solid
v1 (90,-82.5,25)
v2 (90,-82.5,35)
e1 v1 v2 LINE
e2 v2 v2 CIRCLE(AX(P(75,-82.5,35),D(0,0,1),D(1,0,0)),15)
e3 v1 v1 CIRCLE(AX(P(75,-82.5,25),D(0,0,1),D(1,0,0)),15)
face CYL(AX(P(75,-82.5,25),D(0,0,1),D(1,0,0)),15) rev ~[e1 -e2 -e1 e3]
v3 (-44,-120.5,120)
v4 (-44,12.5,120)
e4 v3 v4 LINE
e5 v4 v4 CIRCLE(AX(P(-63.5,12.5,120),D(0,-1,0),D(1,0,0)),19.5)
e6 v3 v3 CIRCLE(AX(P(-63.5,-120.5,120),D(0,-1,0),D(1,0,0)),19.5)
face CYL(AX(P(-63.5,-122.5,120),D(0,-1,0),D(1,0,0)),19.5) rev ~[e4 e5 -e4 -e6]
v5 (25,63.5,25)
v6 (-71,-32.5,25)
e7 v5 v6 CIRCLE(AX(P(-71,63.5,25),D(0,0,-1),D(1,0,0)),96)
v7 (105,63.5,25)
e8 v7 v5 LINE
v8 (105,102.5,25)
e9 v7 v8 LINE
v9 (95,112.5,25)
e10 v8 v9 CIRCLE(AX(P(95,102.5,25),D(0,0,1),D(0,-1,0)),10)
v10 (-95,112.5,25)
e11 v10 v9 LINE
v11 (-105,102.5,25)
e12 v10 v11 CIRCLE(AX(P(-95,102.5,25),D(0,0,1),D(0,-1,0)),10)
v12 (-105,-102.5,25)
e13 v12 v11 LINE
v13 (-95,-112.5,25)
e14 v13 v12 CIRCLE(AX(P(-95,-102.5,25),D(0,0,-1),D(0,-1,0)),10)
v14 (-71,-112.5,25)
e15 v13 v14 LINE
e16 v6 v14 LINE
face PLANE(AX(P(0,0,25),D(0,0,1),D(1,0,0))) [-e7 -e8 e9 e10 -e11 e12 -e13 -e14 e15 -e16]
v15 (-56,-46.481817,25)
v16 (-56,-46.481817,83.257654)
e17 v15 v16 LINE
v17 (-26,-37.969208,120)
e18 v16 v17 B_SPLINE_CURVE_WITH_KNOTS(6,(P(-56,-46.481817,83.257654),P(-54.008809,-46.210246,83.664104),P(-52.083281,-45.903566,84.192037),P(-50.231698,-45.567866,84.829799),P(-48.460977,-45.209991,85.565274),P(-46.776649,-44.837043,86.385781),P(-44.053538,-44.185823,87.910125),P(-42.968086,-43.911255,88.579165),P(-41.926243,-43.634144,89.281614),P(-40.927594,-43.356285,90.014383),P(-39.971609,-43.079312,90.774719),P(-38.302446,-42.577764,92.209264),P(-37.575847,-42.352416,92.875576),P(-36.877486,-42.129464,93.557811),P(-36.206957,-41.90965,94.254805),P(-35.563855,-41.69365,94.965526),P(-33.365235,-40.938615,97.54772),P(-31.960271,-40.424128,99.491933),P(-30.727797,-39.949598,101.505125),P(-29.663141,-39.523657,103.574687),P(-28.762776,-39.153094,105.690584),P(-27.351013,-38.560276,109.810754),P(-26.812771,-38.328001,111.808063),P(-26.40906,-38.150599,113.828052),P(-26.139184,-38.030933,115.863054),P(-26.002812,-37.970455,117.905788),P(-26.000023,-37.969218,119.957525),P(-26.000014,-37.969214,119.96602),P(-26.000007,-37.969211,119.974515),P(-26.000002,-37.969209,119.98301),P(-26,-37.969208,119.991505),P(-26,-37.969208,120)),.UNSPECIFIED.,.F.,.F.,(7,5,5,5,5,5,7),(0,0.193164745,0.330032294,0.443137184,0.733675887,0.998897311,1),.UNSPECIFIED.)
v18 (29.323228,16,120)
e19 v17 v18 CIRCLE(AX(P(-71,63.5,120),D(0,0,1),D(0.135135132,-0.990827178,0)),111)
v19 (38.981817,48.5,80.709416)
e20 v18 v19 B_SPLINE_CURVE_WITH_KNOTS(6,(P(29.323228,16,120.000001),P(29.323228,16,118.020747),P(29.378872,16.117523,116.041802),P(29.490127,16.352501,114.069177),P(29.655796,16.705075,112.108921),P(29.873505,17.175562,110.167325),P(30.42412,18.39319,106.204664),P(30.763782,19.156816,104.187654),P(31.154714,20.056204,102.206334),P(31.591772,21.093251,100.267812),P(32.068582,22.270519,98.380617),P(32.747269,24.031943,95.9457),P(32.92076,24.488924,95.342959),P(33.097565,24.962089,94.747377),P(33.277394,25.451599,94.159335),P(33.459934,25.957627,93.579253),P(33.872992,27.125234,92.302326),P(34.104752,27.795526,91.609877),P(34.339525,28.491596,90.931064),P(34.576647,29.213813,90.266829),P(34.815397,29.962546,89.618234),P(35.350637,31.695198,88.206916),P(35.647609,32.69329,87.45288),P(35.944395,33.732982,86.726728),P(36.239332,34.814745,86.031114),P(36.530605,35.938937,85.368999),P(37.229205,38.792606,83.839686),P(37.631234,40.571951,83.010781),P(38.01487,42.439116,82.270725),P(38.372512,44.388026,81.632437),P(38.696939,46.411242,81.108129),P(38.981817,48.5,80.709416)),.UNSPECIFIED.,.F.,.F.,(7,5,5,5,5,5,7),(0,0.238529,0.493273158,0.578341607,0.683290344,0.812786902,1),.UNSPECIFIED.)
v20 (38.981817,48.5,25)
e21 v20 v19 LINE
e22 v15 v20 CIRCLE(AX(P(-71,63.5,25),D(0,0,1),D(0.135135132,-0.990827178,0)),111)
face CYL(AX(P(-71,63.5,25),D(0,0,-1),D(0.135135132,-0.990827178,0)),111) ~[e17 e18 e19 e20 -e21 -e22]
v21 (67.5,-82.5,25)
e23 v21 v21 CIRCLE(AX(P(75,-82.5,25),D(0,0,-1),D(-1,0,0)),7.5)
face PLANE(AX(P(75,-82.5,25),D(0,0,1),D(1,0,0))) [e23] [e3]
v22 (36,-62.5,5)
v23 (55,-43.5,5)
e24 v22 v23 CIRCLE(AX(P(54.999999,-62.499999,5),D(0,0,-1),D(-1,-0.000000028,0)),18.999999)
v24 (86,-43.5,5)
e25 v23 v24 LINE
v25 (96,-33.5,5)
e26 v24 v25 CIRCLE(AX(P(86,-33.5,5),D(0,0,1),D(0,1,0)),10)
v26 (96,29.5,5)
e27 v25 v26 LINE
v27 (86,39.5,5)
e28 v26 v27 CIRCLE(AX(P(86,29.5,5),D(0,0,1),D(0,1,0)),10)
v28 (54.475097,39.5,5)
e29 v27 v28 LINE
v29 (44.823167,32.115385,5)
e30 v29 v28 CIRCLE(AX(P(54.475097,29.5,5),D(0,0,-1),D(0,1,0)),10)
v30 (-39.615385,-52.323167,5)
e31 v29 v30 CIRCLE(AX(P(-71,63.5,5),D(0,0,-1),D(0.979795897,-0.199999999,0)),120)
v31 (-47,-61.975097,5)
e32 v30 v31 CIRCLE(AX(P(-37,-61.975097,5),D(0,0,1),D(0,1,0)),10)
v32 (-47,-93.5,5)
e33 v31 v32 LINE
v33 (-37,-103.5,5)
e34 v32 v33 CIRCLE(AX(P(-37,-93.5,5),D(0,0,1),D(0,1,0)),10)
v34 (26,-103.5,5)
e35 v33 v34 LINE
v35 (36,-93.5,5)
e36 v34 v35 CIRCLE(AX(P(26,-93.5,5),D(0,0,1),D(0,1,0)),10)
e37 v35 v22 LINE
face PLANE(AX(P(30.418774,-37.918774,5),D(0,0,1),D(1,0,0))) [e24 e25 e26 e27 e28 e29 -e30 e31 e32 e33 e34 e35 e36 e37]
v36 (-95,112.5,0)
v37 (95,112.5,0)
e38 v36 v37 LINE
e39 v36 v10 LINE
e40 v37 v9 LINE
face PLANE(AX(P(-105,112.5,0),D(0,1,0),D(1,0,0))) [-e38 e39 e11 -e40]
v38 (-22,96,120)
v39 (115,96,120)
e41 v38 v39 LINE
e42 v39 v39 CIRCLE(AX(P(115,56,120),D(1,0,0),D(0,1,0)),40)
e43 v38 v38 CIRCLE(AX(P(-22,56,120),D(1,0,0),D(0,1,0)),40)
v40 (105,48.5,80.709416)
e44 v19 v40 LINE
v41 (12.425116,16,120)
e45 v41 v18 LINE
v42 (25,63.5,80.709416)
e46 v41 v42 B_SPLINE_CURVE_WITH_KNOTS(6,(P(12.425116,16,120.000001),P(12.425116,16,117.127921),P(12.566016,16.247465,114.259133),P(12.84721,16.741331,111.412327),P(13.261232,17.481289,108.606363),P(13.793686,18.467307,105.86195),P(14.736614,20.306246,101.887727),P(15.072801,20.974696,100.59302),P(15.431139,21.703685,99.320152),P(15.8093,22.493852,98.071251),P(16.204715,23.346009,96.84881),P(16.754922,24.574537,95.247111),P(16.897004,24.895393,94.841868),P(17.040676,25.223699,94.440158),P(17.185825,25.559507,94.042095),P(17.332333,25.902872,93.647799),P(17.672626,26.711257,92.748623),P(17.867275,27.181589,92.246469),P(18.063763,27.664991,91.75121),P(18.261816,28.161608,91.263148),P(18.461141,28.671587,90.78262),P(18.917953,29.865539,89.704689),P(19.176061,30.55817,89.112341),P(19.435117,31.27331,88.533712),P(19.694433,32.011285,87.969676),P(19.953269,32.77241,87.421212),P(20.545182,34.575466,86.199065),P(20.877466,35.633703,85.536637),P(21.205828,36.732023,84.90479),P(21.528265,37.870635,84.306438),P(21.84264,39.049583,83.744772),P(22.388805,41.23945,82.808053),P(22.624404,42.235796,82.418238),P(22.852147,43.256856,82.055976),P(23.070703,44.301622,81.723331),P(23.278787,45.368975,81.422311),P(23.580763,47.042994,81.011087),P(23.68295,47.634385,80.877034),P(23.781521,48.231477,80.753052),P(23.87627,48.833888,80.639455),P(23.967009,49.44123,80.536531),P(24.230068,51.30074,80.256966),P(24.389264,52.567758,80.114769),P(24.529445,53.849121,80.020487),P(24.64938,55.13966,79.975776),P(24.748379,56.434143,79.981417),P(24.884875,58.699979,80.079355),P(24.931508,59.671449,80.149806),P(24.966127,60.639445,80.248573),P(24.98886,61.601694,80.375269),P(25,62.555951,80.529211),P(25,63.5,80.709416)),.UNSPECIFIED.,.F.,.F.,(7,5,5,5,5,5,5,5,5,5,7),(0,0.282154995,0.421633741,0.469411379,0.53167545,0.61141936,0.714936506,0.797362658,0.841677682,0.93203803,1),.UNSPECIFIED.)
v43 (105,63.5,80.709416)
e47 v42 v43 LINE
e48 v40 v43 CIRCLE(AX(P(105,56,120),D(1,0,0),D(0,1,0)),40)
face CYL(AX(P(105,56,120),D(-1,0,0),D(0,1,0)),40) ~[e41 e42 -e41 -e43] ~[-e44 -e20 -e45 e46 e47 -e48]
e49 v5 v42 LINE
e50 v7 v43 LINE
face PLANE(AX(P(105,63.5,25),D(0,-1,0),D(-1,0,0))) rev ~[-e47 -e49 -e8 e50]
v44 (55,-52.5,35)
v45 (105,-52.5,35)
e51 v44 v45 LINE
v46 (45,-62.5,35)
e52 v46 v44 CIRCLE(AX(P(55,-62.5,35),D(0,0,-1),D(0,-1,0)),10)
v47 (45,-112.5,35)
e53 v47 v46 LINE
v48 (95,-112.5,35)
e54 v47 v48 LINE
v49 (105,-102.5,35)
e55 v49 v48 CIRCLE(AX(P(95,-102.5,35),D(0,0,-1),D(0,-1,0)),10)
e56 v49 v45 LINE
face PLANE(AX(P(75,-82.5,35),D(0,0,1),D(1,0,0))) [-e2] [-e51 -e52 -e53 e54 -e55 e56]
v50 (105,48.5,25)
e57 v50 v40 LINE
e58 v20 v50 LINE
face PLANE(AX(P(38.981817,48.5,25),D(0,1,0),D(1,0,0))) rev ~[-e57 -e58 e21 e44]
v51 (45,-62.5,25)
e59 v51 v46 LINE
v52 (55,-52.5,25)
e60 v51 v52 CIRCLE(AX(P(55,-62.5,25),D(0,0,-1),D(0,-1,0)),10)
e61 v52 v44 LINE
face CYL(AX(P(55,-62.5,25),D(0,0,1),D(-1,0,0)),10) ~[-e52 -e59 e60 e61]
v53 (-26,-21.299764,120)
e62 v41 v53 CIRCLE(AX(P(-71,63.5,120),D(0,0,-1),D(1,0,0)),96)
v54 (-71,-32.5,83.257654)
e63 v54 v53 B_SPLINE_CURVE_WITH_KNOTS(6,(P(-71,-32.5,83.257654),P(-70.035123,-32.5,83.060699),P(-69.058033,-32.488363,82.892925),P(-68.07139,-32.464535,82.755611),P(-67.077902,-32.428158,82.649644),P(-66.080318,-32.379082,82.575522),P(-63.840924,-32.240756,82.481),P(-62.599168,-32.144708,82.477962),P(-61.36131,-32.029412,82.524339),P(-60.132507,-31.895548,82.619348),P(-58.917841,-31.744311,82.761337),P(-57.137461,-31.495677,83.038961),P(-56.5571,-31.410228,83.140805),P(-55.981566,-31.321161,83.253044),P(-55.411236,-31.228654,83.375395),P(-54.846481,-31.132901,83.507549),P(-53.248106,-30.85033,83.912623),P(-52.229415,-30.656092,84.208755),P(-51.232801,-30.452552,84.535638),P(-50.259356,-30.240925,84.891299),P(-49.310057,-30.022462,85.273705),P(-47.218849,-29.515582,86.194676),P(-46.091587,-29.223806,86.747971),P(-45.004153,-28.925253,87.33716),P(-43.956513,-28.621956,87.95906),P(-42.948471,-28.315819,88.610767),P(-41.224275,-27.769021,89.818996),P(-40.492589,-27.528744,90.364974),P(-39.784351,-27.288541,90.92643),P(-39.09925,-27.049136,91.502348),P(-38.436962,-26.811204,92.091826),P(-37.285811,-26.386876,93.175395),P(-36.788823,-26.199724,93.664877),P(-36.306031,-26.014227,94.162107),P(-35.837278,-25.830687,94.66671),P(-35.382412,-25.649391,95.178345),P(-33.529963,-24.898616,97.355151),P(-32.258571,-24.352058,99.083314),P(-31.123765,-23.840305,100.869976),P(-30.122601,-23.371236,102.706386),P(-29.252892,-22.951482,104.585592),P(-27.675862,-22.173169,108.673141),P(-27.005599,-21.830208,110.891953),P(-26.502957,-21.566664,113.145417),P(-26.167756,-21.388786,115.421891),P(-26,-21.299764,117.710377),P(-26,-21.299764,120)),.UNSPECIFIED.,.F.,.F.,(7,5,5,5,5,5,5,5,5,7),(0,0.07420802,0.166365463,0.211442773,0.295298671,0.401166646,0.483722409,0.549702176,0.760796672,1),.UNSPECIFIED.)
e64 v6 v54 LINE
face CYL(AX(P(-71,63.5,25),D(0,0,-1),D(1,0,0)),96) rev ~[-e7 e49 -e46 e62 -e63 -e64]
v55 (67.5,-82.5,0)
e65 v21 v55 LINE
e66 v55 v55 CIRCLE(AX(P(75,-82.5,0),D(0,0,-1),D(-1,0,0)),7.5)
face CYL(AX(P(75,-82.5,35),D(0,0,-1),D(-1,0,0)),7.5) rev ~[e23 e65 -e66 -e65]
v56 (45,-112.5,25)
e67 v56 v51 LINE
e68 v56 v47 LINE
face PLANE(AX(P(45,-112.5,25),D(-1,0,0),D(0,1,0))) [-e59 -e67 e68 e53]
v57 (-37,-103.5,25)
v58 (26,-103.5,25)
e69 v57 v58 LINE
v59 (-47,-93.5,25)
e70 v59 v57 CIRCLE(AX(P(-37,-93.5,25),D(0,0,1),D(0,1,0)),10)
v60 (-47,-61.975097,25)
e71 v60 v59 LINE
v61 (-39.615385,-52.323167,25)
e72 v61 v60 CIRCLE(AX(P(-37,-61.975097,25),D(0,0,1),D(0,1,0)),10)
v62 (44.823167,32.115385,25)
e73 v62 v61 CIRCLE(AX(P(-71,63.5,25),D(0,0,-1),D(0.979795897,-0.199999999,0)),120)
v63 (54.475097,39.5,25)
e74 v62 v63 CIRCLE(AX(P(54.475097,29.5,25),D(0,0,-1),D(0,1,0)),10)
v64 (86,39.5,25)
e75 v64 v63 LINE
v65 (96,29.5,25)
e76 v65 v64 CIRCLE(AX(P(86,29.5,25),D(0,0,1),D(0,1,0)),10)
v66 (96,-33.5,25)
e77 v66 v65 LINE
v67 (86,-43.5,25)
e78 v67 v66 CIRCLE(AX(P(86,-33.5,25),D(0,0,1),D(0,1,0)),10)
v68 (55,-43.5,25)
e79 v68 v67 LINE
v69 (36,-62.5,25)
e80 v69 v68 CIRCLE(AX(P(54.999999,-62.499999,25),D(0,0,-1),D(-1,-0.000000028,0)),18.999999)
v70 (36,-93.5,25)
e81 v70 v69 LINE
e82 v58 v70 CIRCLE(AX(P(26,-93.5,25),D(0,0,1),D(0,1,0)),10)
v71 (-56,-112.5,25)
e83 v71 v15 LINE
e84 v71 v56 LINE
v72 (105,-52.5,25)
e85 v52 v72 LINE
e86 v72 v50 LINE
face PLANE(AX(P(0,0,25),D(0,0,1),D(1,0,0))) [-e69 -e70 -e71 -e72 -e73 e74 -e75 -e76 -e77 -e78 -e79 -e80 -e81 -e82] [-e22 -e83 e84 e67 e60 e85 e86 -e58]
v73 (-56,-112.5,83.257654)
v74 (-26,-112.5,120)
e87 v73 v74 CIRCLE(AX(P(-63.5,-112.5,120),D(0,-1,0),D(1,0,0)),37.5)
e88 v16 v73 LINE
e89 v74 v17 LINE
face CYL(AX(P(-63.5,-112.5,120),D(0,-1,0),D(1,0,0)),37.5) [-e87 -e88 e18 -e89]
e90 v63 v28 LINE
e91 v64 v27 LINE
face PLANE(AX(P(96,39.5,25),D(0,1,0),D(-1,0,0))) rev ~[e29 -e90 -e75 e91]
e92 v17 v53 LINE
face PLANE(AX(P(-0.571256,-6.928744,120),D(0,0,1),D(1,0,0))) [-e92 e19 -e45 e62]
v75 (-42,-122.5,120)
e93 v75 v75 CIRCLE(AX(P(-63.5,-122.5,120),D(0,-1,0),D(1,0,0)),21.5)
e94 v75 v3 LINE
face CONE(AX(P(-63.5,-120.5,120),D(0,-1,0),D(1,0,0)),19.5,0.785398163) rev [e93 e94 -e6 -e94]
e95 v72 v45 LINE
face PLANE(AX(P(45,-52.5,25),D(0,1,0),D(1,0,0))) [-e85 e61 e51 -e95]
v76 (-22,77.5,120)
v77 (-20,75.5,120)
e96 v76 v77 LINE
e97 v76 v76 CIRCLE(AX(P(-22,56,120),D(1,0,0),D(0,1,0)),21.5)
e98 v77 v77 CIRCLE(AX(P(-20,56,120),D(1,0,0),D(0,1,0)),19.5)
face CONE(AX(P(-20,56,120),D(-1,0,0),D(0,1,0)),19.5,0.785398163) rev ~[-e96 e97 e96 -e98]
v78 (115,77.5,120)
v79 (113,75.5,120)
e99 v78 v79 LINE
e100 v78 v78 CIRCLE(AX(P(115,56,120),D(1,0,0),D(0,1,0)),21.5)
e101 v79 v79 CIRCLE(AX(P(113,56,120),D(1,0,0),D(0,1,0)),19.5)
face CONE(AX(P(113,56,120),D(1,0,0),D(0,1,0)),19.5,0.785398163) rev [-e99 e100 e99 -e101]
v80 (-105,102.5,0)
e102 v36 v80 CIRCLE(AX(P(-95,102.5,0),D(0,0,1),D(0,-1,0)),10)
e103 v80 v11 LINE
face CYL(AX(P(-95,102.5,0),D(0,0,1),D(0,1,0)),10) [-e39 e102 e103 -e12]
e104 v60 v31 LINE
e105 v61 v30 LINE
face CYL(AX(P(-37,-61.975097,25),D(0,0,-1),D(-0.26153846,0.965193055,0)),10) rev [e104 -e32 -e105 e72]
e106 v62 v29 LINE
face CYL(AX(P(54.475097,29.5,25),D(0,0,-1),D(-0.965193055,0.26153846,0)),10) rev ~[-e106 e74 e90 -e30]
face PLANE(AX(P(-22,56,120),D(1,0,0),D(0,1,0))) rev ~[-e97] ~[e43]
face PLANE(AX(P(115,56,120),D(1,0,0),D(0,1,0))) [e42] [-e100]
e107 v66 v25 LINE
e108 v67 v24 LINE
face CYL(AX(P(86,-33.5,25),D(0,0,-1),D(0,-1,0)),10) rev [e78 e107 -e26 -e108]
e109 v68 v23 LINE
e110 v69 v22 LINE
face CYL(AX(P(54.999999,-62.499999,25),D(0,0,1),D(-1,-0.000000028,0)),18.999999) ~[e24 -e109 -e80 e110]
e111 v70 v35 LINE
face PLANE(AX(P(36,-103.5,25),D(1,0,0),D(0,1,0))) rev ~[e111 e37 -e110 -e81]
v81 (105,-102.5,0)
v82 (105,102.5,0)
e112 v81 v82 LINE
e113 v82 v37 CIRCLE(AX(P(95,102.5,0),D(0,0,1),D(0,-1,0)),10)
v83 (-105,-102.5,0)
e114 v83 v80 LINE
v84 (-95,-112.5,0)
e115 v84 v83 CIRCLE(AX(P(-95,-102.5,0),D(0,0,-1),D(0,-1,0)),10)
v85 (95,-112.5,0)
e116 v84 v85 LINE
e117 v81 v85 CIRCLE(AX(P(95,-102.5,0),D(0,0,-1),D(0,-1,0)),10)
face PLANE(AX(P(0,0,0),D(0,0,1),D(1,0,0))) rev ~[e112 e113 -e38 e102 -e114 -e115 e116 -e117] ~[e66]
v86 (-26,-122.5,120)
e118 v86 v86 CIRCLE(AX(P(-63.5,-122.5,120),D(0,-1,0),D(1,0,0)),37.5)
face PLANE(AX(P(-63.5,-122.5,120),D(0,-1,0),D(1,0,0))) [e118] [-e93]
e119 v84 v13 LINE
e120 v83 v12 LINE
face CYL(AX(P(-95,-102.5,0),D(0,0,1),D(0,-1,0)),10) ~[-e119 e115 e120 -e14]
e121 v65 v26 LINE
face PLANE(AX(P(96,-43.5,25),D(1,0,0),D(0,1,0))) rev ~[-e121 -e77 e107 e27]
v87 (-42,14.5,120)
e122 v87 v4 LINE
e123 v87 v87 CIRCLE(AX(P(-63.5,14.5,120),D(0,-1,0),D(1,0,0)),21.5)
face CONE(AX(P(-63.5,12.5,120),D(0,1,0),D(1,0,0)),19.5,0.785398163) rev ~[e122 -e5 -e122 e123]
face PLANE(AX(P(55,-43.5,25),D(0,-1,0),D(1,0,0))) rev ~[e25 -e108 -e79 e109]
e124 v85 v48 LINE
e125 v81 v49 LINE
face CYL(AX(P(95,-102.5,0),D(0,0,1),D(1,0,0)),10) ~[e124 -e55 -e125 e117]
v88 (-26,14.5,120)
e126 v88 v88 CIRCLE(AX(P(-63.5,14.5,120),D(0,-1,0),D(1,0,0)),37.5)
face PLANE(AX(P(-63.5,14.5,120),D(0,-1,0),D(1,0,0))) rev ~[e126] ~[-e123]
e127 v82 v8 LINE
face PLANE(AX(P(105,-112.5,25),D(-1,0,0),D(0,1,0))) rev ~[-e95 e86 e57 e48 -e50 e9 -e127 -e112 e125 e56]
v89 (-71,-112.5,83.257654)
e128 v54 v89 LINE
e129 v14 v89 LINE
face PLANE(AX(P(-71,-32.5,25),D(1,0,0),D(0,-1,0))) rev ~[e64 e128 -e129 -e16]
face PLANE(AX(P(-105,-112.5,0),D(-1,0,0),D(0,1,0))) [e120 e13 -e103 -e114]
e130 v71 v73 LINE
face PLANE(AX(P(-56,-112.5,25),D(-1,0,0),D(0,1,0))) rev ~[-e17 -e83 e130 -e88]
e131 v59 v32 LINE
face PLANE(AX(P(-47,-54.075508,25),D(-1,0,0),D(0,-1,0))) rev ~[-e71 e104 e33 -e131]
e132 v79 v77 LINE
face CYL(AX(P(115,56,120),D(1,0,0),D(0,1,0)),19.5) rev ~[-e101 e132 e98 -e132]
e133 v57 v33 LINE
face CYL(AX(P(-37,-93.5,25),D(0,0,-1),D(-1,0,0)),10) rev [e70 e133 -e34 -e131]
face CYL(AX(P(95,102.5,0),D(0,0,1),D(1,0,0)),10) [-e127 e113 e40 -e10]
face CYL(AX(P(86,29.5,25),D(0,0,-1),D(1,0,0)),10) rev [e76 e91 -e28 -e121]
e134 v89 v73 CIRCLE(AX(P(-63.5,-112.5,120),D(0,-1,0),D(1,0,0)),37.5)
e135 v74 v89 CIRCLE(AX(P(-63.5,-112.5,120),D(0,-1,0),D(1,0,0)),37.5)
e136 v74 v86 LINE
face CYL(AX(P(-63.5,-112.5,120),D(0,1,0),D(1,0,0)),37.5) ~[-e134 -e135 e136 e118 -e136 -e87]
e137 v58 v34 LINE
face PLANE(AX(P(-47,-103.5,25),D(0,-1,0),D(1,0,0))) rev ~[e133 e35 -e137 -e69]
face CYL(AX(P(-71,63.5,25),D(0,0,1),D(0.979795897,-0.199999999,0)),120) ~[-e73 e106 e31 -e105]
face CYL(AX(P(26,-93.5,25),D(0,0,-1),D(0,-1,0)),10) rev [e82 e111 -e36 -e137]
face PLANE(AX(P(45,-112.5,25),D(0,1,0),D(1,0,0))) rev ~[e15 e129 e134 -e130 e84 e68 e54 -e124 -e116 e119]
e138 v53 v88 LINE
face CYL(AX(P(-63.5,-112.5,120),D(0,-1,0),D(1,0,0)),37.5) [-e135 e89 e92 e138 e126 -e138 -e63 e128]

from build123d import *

# Parameters (mm, degrees)
F0_W            = 210
F0_H            = 225
F1_DEPTH        = 25
F3_DEPTH        = 95
F4_R            = 37.5
F5_DEPTH        = 10
F5_DEPTH_BACK   = 127
F6_R            = 40
F7_DEPTH        = 10
F7_DEPTH_BACK   = 127
F8_W            = 60
F8_H            = 60
F9_DEPTH        = 10
F10_R           = 10
F12_DEPTH       = 20
F14_D           = 15
F14_CBORE_D     = 30
F14_CBORE_DEPTH = 10
F15_R           = 10
F16_R           = 19.5
F17_DEPTH       = 235.001
F18_R           = 19.5
F19_DEPTH       = 220.001
F20_SIZE        = 2
F21_R           = 10


with BuildPart() as f1:
    # F0 (on Top) → F1 (new body)
    with BuildSketch(Plane.XY):
        Rectangle(F0_W, F0_H)
    extrude(amount=F1_DEPTH)

    # F2 (on face) → F3 (join)
    with BuildSketch(Plane.XY.offset(25)):
        with BuildLine():
            Line((-71, -32.5), (-71, -112.5))
            Line((-71, -112.5), (-56, -112.5))
            Line((-56, -112.5), (-56, -46.481817))
            ThreePointArc((-56, -46.481817), (7.488853, -14.988853), (38.981817, 48.5))
            Line((38.981817, 48.5), (105, 48.5))
            Line((105, 48.5), (105, 63.5))
            Line((105, 63.5), (25, 63.5))
            ThreePointArc((25, 63.5), (-3.117749, -4.382251), (-71, -32.5))
        make_face()
    extrude(amount=F3_DEPTH)

    # F4 (on face) → F5 (join, two sides)
    with BuildSketch(Plane.XZ.offset(112.5)) as f5_sk:
        with Locations((-63.5, 120)):
            Circle(F4_R)
    extrude(amount=F5_DEPTH)
    extrude(f5_sk.sketch, amount=-F5_DEPTH_BACK)

    # F6 (on face) → F7 (join, two sides)
    with BuildSketch(Plane.YZ.offset(105)) as f7_sk:
        with Locations((56, 120)):
            Circle(F6_R)
    extrude(amount=F7_DEPTH)
    extrude(f7_sk.sketch, amount=-F7_DEPTH_BACK)

    # F8 (on face) → F9 (join)
    with BuildSketch(Plane.XY.offset(25)):
        with Locations((75, -82.5)):
            Rectangle(F8_W, F8_H)
    extrude(amount=F9_DEPTH)

    # F10
    f10_edges = [f1.edges().sort_by_distance(p)[0] for p in [
        (45, -52.5, 30),
    ]]
    fillet(f10_edges, radius=F10_R)

    # F11 (on face) → F12 (cut)
    with BuildSketch(Plane.XY.offset(25)):
        with BuildLine():
            ThreePointArc((46.575508, 39.5), (13.852814, -21.352814), (-47, -54.075508))
            Line((-47, -54.075508), (-47, -103.5))
            Line((-47, -103.5), (36, -103.5))
            Line((36, -103.5), (36, -62.5))
            ThreePointArc((36, -62.5), (41.564971, -49.064971), (55, -43.5))
            Line((55, -43.5), (96, -43.5))
            Line((96, -43.5), (96, 39.5))
            Line((96, 39.5), (46.575508, 39.5))
        make_face()
    extrude(amount=-F12_DEPTH, mode=Mode.SUBTRACT)

    # F14 (through all)
    with Locations(Plane.XY.offset(35)):
        with Locations((75, -82.5)):
            CounterBoreHole(F14_D / 2, F14_CBORE_D / 2, F14_CBORE_DEPTH)

    # F15
    f15_edges = [f1.edges().sort_by_distance(p)[0] for p in [
        (-47, -54.075508, 15),
        (46.575508, 39.5, 15),
        (96, 39.5, 15),
        (36, -103.5, 15),
        (96, -43.5, 15),
        (-47, -103.5, 15),
    ]]
    fillet(f15_edges, radius=F15_R)

    # F16 (on face) → F17 (cut, through all)
    with BuildSketch(Plane.XZ.offset(122.5)):
        with Locations((-63.5, 120)):
            Circle(F16_R)
    extrude(amount=-F17_DEPTH, mode=Mode.SUBTRACT)

    # F18 (on face) → F19 (cut, through all)
    with BuildSketch(Plane.YZ.offset(115)):
        with Locations((56, 120)):
            Circle(F18_R)
    extrude(amount=-F19_DEPTH, mode=Mode.SUBTRACT)

    # F20
    f20_edges = [f1.edges().sort_by_distance(p)[0] for p in [
        (-83, -122.5, 120),
        (115, 36.5, 120),
        (-83, 14.5, 120),
        (-22, 36.5, 120),
    ]]
    chamfer(f20_edges, length=F20_SIZE)

    # F21
    f21_edges = [f1.edges().sort_by_distance(p)[0] for p in [
        (105, -112.5, 17.5),
        (105, 112.5, 12.5),
        (-105, 112.5, 12.5),
        (-105, -112.5, 12.5),
    ]]
    fillet(f21_edges, radius=F21_R)


solid = f1.part
